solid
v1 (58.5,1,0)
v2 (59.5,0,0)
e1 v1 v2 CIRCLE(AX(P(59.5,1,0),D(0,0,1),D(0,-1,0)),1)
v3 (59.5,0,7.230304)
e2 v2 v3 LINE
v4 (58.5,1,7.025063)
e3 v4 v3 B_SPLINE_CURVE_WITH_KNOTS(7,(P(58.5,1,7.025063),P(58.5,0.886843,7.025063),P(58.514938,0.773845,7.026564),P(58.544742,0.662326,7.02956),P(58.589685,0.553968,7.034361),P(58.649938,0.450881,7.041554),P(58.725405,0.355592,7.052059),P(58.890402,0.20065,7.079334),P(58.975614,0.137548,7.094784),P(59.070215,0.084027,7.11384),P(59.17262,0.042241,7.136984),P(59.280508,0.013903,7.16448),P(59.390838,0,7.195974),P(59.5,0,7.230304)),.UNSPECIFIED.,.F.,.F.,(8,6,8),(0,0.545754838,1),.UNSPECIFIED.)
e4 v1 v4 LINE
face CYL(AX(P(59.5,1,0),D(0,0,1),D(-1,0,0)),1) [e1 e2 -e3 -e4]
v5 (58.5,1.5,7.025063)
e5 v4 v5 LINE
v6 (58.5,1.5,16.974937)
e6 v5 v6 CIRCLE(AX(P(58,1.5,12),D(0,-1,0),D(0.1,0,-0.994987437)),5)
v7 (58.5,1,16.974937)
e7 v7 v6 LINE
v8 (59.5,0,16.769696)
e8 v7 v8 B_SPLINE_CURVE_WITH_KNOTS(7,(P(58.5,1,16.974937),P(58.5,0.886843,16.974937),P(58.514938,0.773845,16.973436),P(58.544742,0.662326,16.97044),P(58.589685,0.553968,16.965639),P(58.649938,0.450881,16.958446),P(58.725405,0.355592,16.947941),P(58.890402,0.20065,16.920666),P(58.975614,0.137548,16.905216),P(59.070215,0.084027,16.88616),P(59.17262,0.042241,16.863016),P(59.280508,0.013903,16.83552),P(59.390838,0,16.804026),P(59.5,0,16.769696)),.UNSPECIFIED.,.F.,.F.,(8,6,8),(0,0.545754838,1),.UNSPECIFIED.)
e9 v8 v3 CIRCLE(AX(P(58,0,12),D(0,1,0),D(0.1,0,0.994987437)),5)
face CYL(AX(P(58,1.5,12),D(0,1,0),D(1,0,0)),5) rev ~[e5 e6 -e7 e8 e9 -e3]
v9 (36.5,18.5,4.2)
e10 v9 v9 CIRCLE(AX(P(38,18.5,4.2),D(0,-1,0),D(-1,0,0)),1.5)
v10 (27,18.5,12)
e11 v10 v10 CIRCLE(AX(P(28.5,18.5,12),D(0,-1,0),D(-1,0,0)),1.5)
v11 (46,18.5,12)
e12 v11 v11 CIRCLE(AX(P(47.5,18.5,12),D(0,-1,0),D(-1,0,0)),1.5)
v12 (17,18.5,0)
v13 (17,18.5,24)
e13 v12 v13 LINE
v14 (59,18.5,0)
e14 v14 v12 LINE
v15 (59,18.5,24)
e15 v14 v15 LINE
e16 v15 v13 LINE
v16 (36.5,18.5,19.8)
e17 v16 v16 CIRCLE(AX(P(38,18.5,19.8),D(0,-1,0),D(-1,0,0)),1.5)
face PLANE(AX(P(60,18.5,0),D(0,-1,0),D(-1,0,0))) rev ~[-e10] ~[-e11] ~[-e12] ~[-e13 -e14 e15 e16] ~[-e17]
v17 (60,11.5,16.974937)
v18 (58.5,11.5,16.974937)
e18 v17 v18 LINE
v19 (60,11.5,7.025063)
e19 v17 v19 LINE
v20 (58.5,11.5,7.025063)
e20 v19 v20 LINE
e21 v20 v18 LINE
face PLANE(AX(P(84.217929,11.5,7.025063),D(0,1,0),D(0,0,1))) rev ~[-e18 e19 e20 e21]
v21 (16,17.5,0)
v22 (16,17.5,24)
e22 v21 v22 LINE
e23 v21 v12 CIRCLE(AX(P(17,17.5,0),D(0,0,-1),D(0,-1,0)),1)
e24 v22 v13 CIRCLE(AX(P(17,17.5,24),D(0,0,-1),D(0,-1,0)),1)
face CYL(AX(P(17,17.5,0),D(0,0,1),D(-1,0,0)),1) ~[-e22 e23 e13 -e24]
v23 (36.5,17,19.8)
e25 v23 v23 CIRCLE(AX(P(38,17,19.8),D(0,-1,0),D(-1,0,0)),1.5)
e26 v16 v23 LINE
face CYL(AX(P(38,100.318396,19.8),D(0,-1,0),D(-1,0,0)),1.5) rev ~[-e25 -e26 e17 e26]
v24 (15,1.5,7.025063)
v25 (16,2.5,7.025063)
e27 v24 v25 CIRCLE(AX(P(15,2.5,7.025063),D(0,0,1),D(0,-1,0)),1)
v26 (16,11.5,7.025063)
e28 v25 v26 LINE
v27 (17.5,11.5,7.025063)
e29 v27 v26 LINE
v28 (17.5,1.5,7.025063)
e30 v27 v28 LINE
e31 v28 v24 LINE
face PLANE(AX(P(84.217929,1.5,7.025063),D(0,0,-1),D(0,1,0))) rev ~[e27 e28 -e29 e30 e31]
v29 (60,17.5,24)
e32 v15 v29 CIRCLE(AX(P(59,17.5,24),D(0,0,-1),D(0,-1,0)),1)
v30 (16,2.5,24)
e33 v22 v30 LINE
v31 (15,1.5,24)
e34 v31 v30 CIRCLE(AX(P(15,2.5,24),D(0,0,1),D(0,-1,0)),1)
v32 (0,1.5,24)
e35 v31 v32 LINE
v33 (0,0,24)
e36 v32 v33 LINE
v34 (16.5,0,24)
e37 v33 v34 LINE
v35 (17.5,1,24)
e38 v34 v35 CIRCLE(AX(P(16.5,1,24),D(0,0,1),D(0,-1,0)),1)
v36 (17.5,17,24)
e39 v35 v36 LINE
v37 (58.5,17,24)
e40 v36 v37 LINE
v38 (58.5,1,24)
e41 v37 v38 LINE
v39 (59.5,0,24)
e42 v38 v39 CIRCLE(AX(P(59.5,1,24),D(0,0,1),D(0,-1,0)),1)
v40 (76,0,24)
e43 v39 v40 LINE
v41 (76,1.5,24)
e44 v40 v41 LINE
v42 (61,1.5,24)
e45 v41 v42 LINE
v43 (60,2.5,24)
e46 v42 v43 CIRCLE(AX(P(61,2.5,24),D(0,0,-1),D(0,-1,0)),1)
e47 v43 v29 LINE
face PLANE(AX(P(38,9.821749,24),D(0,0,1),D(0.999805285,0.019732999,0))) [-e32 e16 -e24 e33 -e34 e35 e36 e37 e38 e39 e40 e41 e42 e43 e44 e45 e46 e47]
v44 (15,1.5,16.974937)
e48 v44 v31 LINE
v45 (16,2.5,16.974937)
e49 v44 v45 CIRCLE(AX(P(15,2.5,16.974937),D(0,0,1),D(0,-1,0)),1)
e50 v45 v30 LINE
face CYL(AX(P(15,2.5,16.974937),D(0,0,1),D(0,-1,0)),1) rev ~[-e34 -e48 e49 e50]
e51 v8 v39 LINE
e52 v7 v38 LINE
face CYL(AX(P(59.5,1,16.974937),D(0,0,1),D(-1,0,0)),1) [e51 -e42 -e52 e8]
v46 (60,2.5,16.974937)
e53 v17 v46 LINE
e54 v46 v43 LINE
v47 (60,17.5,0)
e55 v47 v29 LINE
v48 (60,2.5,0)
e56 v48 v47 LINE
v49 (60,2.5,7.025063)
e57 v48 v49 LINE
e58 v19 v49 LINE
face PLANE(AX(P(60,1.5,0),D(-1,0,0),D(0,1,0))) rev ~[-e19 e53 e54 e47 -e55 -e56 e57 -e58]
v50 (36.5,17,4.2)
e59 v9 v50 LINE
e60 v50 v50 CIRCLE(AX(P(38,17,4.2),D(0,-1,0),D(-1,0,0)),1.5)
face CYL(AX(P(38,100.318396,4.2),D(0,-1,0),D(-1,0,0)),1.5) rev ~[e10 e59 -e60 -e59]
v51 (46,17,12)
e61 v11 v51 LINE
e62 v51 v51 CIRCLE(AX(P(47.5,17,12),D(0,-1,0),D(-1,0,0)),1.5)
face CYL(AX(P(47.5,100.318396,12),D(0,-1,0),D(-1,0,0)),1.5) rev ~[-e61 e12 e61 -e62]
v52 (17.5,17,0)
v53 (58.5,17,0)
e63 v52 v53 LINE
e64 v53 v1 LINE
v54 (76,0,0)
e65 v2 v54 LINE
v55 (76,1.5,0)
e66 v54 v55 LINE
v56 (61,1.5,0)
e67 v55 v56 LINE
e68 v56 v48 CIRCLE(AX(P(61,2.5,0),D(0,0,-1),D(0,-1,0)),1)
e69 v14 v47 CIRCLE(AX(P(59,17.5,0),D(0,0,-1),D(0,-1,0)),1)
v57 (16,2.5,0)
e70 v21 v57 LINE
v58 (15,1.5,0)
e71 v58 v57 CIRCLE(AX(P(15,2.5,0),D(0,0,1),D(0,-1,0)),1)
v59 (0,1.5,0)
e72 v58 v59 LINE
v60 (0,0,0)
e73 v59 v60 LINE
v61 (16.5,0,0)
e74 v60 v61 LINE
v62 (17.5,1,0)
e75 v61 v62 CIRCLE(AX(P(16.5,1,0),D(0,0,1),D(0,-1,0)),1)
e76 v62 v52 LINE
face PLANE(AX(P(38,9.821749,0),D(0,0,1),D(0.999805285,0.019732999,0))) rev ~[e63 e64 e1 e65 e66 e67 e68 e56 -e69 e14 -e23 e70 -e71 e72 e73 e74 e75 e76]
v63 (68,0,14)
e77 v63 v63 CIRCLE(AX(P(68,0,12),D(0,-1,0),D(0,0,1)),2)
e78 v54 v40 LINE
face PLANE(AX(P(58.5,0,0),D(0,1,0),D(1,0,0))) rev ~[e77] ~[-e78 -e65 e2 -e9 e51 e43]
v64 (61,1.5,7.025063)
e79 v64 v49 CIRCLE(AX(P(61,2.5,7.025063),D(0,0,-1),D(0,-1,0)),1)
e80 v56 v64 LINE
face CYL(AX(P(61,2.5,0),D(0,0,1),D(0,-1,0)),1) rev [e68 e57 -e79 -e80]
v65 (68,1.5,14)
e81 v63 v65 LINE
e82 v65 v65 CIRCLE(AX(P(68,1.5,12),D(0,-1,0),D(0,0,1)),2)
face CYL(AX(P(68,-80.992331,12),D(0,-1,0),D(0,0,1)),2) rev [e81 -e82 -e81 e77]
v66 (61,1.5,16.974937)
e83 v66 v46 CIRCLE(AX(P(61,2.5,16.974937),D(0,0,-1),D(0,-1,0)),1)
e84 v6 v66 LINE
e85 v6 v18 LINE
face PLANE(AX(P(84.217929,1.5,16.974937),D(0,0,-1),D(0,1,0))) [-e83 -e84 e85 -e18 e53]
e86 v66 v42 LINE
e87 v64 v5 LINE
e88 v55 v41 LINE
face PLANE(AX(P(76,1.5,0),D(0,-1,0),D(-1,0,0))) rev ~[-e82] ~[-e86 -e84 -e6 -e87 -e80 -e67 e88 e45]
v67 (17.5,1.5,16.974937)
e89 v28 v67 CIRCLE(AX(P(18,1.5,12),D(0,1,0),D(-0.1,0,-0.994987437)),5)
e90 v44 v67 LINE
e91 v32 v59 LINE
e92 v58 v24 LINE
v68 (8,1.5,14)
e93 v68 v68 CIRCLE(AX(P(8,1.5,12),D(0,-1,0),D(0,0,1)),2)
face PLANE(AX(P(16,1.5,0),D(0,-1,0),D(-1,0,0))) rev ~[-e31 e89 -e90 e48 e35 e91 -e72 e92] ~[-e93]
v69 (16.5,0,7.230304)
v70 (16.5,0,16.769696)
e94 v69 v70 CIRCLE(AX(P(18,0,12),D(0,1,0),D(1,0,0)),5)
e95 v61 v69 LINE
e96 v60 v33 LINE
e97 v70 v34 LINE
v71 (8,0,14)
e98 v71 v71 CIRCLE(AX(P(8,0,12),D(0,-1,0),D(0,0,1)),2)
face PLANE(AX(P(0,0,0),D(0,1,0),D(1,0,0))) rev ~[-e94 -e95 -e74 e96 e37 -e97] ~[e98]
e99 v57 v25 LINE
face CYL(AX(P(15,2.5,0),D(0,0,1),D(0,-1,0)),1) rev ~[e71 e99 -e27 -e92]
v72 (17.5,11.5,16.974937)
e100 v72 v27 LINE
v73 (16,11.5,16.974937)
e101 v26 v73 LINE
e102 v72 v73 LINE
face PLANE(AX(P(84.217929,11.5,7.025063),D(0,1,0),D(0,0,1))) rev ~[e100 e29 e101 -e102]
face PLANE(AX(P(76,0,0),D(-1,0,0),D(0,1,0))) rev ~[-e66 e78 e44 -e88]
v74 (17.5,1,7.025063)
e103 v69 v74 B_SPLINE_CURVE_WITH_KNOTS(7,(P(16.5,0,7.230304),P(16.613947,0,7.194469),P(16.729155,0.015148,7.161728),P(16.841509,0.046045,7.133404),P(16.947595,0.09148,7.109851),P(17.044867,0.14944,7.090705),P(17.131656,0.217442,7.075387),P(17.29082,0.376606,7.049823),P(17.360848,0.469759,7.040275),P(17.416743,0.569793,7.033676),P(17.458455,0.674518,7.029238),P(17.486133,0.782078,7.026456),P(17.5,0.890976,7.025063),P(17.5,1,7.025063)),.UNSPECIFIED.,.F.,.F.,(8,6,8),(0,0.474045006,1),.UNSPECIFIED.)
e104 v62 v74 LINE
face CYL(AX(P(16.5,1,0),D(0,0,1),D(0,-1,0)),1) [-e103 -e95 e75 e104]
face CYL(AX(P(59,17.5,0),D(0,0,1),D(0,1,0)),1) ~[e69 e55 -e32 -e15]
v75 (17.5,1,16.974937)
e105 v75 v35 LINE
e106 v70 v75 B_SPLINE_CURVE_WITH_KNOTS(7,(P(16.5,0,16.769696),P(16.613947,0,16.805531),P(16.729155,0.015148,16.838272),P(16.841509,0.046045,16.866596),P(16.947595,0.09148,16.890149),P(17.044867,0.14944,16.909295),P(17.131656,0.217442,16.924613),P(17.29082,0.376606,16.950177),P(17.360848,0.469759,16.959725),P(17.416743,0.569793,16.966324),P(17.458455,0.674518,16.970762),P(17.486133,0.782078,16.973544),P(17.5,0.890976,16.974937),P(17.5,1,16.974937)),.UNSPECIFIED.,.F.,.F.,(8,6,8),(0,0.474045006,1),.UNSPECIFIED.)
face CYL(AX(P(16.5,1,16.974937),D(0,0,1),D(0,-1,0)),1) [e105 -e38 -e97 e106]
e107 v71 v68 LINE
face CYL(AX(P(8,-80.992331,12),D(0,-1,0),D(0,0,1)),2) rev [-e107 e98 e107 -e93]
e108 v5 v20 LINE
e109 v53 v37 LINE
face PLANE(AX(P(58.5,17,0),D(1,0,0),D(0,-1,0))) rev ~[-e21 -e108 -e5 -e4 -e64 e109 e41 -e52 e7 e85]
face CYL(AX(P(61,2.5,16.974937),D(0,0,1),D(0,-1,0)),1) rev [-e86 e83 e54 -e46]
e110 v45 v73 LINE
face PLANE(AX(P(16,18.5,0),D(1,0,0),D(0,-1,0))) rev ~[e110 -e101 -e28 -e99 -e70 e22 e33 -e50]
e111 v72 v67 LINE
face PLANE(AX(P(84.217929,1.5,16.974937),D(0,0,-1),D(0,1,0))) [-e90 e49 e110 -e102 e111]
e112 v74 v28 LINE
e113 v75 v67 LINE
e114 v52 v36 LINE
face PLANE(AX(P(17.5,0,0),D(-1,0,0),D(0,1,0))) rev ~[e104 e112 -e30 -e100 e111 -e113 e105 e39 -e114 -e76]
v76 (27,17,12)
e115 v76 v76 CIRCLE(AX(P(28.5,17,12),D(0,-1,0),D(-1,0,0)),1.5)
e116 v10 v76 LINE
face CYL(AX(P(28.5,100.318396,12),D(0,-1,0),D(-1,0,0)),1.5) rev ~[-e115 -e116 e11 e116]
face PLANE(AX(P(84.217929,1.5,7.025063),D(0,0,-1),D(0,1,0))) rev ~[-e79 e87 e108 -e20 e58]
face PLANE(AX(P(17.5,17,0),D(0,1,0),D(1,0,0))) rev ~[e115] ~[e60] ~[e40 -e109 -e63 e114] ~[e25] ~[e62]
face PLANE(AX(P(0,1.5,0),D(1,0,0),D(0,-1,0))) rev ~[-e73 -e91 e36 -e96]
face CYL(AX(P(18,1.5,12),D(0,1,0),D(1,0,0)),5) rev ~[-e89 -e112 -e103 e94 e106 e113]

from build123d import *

# Parameters (mm, degrees)
BOSS_EXTRUDE2_DEPTH     = 24
CUT_EXTRUDE1_DEPTH      = 82.49233092751734
CUT_EXTRUDE1_DEPTH_BACK = 82.49233092751734
SKETCH17_R              = 1.9999999999999996
SKETCH17_R_2            = 1.9999999999999962
F_3_0MM_DOWEL_HOLE1_D   = 3
SKETCH22_R              = 5.000000000000001
SKETCH22_R_2            = 4.9999999999999964
CUT_EXTRUDE2_DEPTH      = 1.5
CUT_EXTRUDE3_DEPTH      = 68.21792915584354
CUT_EXTRUDE3_DEPTH_BACK = 68.21792915584354
SKETCH23_W              = 9.949874371066619
SKETCH23_H              = 10
FILLET1_R               = 1


with BuildPart() as part:
    # 3DSketch1 → Boss-Extrude2 (new body)
    with BuildSketch(Plane(origin=(0, 0, 0), x_dir=(0.9998052854172774, 0.01973299905428837, 0), z_dir=(-3e-17, -8.8e-16, 1))):
        Polygon((0, 0), (17.496592494802357, -0.34532748345004655), (17.832053478725257, 16.65136236864367), (58.82407018083363, 15.842309407417849), (58.48860919691073, -1.1543804446758696), (75.98520169171307, -1.499707928125916), (76.0148011902945, 2.2e-16), (60.01791662361808, 0.3157279848686118), (60.353377607540985, 17.312417836962325), (16.361945049180772, 18.180669795351015), (16.02648406525787, 1.1839799432573024), (0.02959949858143255, 1.4997079281259162), align=None)
    extrude(amount=BOSS_EXTRUDE2_DEPTH)

    # Sketch17 → Cut-Extrude1 (cut, two sides: drawn at the far end of the back side and taken through both)
    with BuildSketch(Plane(origin=(0, 1.5, 0), x_dir=(1, 0, 0), z_dir=(0, 1, 0)).offset(-CUT_EXTRUDE1_DEPTH_BACK)):
        with Locations(Location((8, -12.000000000000002, 0), (0, 0, 270))):
            Circle(SKETCH17_R)
        with Locations(Location((68, -12.000000000000002, 0), (0, 0, 270))):
            Circle(SKETCH17_R_2)
    extrude(amount=CUT_EXTRUDE1_DEPTH + CUT_EXTRUDE1_DEPTH_BACK, mode=Mode.SUBTRACT)

    # Ø3.0mm Dowel Hole1 (through all)
    with Locations(Plane(origin=(0, 18.5, 0), x_dir=(1, 0, 0), z_dir=(0, 1, 0))):
        with Locations((28.5, -12), (47.5, -12), (38, -19.8), (38, -4.2)):
            Hole(F_3_0MM_DOWEL_HOLE1_D / 2)

    # Sketch22 → Cut-Extrude2 (cut)
    with BuildSketch(Plane(origin=(0, 1.5, 0), x_dir=(1, 0, 0), z_dir=(0, 1, 0))):
        with Locations((17.999999999997943, -12.000000000000927)):
            Circle(SKETCH22_R)
        with Locations((58.00000000000207, -12.000000000000927)):
            Circle(SKETCH22_R_2)
    extrude(amount=-CUT_EXTRUDE2_DEPTH, mode=Mode.SUBTRACT)

    # Sketch23 → Cut-Extrude3 (cut, two sides: drawn at the far end of the back side and taken through both)
    with BuildSketch(Plane.ZY.offset(-16).offset(-CUT_EXTRUDE3_DEPTH_BACK)):
        with Locations((12.000000000000927, 6.5)):
            Rectangle(SKETCH23_W, SKETCH23_H)
    extrude(amount=CUT_EXTRUDE3_DEPTH + CUT_EXTRUDE3_DEPTH_BACK, mode=Mode.SUBTRACT)

    # Fillet1
    fillet1_edges = [part.edges().sort_by_distance(p)[0] for p in [
        (17.500000000000004, -3.09e-15, 3.5125314072338187),
        (17.500000000000004, -1.8e-14, 20.487468592767108),
        (58.50000000000001, -3.09e-15, 3.5125314072338214),
        (58.50000000000001, -1.8e-14, 20.487468592767108),
        (15.999999999999998, 18.49999999999999, 12.000000000000016),
        (60.000000000000014, 18.49999999999999, 12.000000000000018),
        (60.00000000000001, 1.49999999999998, 20.48746859276712),
        (60.00000000000001, 1.499999999999995, 3.512531407233811),
        (15.999999999999998, 1.4999999999999825, 20.48746859276712),
        (15.999999999999998, 1.4999999999999973, 3.5125314072338103),
    ]]
    fillet(fillet1_edges, radius=FILLET1_R)


solid = part.part
